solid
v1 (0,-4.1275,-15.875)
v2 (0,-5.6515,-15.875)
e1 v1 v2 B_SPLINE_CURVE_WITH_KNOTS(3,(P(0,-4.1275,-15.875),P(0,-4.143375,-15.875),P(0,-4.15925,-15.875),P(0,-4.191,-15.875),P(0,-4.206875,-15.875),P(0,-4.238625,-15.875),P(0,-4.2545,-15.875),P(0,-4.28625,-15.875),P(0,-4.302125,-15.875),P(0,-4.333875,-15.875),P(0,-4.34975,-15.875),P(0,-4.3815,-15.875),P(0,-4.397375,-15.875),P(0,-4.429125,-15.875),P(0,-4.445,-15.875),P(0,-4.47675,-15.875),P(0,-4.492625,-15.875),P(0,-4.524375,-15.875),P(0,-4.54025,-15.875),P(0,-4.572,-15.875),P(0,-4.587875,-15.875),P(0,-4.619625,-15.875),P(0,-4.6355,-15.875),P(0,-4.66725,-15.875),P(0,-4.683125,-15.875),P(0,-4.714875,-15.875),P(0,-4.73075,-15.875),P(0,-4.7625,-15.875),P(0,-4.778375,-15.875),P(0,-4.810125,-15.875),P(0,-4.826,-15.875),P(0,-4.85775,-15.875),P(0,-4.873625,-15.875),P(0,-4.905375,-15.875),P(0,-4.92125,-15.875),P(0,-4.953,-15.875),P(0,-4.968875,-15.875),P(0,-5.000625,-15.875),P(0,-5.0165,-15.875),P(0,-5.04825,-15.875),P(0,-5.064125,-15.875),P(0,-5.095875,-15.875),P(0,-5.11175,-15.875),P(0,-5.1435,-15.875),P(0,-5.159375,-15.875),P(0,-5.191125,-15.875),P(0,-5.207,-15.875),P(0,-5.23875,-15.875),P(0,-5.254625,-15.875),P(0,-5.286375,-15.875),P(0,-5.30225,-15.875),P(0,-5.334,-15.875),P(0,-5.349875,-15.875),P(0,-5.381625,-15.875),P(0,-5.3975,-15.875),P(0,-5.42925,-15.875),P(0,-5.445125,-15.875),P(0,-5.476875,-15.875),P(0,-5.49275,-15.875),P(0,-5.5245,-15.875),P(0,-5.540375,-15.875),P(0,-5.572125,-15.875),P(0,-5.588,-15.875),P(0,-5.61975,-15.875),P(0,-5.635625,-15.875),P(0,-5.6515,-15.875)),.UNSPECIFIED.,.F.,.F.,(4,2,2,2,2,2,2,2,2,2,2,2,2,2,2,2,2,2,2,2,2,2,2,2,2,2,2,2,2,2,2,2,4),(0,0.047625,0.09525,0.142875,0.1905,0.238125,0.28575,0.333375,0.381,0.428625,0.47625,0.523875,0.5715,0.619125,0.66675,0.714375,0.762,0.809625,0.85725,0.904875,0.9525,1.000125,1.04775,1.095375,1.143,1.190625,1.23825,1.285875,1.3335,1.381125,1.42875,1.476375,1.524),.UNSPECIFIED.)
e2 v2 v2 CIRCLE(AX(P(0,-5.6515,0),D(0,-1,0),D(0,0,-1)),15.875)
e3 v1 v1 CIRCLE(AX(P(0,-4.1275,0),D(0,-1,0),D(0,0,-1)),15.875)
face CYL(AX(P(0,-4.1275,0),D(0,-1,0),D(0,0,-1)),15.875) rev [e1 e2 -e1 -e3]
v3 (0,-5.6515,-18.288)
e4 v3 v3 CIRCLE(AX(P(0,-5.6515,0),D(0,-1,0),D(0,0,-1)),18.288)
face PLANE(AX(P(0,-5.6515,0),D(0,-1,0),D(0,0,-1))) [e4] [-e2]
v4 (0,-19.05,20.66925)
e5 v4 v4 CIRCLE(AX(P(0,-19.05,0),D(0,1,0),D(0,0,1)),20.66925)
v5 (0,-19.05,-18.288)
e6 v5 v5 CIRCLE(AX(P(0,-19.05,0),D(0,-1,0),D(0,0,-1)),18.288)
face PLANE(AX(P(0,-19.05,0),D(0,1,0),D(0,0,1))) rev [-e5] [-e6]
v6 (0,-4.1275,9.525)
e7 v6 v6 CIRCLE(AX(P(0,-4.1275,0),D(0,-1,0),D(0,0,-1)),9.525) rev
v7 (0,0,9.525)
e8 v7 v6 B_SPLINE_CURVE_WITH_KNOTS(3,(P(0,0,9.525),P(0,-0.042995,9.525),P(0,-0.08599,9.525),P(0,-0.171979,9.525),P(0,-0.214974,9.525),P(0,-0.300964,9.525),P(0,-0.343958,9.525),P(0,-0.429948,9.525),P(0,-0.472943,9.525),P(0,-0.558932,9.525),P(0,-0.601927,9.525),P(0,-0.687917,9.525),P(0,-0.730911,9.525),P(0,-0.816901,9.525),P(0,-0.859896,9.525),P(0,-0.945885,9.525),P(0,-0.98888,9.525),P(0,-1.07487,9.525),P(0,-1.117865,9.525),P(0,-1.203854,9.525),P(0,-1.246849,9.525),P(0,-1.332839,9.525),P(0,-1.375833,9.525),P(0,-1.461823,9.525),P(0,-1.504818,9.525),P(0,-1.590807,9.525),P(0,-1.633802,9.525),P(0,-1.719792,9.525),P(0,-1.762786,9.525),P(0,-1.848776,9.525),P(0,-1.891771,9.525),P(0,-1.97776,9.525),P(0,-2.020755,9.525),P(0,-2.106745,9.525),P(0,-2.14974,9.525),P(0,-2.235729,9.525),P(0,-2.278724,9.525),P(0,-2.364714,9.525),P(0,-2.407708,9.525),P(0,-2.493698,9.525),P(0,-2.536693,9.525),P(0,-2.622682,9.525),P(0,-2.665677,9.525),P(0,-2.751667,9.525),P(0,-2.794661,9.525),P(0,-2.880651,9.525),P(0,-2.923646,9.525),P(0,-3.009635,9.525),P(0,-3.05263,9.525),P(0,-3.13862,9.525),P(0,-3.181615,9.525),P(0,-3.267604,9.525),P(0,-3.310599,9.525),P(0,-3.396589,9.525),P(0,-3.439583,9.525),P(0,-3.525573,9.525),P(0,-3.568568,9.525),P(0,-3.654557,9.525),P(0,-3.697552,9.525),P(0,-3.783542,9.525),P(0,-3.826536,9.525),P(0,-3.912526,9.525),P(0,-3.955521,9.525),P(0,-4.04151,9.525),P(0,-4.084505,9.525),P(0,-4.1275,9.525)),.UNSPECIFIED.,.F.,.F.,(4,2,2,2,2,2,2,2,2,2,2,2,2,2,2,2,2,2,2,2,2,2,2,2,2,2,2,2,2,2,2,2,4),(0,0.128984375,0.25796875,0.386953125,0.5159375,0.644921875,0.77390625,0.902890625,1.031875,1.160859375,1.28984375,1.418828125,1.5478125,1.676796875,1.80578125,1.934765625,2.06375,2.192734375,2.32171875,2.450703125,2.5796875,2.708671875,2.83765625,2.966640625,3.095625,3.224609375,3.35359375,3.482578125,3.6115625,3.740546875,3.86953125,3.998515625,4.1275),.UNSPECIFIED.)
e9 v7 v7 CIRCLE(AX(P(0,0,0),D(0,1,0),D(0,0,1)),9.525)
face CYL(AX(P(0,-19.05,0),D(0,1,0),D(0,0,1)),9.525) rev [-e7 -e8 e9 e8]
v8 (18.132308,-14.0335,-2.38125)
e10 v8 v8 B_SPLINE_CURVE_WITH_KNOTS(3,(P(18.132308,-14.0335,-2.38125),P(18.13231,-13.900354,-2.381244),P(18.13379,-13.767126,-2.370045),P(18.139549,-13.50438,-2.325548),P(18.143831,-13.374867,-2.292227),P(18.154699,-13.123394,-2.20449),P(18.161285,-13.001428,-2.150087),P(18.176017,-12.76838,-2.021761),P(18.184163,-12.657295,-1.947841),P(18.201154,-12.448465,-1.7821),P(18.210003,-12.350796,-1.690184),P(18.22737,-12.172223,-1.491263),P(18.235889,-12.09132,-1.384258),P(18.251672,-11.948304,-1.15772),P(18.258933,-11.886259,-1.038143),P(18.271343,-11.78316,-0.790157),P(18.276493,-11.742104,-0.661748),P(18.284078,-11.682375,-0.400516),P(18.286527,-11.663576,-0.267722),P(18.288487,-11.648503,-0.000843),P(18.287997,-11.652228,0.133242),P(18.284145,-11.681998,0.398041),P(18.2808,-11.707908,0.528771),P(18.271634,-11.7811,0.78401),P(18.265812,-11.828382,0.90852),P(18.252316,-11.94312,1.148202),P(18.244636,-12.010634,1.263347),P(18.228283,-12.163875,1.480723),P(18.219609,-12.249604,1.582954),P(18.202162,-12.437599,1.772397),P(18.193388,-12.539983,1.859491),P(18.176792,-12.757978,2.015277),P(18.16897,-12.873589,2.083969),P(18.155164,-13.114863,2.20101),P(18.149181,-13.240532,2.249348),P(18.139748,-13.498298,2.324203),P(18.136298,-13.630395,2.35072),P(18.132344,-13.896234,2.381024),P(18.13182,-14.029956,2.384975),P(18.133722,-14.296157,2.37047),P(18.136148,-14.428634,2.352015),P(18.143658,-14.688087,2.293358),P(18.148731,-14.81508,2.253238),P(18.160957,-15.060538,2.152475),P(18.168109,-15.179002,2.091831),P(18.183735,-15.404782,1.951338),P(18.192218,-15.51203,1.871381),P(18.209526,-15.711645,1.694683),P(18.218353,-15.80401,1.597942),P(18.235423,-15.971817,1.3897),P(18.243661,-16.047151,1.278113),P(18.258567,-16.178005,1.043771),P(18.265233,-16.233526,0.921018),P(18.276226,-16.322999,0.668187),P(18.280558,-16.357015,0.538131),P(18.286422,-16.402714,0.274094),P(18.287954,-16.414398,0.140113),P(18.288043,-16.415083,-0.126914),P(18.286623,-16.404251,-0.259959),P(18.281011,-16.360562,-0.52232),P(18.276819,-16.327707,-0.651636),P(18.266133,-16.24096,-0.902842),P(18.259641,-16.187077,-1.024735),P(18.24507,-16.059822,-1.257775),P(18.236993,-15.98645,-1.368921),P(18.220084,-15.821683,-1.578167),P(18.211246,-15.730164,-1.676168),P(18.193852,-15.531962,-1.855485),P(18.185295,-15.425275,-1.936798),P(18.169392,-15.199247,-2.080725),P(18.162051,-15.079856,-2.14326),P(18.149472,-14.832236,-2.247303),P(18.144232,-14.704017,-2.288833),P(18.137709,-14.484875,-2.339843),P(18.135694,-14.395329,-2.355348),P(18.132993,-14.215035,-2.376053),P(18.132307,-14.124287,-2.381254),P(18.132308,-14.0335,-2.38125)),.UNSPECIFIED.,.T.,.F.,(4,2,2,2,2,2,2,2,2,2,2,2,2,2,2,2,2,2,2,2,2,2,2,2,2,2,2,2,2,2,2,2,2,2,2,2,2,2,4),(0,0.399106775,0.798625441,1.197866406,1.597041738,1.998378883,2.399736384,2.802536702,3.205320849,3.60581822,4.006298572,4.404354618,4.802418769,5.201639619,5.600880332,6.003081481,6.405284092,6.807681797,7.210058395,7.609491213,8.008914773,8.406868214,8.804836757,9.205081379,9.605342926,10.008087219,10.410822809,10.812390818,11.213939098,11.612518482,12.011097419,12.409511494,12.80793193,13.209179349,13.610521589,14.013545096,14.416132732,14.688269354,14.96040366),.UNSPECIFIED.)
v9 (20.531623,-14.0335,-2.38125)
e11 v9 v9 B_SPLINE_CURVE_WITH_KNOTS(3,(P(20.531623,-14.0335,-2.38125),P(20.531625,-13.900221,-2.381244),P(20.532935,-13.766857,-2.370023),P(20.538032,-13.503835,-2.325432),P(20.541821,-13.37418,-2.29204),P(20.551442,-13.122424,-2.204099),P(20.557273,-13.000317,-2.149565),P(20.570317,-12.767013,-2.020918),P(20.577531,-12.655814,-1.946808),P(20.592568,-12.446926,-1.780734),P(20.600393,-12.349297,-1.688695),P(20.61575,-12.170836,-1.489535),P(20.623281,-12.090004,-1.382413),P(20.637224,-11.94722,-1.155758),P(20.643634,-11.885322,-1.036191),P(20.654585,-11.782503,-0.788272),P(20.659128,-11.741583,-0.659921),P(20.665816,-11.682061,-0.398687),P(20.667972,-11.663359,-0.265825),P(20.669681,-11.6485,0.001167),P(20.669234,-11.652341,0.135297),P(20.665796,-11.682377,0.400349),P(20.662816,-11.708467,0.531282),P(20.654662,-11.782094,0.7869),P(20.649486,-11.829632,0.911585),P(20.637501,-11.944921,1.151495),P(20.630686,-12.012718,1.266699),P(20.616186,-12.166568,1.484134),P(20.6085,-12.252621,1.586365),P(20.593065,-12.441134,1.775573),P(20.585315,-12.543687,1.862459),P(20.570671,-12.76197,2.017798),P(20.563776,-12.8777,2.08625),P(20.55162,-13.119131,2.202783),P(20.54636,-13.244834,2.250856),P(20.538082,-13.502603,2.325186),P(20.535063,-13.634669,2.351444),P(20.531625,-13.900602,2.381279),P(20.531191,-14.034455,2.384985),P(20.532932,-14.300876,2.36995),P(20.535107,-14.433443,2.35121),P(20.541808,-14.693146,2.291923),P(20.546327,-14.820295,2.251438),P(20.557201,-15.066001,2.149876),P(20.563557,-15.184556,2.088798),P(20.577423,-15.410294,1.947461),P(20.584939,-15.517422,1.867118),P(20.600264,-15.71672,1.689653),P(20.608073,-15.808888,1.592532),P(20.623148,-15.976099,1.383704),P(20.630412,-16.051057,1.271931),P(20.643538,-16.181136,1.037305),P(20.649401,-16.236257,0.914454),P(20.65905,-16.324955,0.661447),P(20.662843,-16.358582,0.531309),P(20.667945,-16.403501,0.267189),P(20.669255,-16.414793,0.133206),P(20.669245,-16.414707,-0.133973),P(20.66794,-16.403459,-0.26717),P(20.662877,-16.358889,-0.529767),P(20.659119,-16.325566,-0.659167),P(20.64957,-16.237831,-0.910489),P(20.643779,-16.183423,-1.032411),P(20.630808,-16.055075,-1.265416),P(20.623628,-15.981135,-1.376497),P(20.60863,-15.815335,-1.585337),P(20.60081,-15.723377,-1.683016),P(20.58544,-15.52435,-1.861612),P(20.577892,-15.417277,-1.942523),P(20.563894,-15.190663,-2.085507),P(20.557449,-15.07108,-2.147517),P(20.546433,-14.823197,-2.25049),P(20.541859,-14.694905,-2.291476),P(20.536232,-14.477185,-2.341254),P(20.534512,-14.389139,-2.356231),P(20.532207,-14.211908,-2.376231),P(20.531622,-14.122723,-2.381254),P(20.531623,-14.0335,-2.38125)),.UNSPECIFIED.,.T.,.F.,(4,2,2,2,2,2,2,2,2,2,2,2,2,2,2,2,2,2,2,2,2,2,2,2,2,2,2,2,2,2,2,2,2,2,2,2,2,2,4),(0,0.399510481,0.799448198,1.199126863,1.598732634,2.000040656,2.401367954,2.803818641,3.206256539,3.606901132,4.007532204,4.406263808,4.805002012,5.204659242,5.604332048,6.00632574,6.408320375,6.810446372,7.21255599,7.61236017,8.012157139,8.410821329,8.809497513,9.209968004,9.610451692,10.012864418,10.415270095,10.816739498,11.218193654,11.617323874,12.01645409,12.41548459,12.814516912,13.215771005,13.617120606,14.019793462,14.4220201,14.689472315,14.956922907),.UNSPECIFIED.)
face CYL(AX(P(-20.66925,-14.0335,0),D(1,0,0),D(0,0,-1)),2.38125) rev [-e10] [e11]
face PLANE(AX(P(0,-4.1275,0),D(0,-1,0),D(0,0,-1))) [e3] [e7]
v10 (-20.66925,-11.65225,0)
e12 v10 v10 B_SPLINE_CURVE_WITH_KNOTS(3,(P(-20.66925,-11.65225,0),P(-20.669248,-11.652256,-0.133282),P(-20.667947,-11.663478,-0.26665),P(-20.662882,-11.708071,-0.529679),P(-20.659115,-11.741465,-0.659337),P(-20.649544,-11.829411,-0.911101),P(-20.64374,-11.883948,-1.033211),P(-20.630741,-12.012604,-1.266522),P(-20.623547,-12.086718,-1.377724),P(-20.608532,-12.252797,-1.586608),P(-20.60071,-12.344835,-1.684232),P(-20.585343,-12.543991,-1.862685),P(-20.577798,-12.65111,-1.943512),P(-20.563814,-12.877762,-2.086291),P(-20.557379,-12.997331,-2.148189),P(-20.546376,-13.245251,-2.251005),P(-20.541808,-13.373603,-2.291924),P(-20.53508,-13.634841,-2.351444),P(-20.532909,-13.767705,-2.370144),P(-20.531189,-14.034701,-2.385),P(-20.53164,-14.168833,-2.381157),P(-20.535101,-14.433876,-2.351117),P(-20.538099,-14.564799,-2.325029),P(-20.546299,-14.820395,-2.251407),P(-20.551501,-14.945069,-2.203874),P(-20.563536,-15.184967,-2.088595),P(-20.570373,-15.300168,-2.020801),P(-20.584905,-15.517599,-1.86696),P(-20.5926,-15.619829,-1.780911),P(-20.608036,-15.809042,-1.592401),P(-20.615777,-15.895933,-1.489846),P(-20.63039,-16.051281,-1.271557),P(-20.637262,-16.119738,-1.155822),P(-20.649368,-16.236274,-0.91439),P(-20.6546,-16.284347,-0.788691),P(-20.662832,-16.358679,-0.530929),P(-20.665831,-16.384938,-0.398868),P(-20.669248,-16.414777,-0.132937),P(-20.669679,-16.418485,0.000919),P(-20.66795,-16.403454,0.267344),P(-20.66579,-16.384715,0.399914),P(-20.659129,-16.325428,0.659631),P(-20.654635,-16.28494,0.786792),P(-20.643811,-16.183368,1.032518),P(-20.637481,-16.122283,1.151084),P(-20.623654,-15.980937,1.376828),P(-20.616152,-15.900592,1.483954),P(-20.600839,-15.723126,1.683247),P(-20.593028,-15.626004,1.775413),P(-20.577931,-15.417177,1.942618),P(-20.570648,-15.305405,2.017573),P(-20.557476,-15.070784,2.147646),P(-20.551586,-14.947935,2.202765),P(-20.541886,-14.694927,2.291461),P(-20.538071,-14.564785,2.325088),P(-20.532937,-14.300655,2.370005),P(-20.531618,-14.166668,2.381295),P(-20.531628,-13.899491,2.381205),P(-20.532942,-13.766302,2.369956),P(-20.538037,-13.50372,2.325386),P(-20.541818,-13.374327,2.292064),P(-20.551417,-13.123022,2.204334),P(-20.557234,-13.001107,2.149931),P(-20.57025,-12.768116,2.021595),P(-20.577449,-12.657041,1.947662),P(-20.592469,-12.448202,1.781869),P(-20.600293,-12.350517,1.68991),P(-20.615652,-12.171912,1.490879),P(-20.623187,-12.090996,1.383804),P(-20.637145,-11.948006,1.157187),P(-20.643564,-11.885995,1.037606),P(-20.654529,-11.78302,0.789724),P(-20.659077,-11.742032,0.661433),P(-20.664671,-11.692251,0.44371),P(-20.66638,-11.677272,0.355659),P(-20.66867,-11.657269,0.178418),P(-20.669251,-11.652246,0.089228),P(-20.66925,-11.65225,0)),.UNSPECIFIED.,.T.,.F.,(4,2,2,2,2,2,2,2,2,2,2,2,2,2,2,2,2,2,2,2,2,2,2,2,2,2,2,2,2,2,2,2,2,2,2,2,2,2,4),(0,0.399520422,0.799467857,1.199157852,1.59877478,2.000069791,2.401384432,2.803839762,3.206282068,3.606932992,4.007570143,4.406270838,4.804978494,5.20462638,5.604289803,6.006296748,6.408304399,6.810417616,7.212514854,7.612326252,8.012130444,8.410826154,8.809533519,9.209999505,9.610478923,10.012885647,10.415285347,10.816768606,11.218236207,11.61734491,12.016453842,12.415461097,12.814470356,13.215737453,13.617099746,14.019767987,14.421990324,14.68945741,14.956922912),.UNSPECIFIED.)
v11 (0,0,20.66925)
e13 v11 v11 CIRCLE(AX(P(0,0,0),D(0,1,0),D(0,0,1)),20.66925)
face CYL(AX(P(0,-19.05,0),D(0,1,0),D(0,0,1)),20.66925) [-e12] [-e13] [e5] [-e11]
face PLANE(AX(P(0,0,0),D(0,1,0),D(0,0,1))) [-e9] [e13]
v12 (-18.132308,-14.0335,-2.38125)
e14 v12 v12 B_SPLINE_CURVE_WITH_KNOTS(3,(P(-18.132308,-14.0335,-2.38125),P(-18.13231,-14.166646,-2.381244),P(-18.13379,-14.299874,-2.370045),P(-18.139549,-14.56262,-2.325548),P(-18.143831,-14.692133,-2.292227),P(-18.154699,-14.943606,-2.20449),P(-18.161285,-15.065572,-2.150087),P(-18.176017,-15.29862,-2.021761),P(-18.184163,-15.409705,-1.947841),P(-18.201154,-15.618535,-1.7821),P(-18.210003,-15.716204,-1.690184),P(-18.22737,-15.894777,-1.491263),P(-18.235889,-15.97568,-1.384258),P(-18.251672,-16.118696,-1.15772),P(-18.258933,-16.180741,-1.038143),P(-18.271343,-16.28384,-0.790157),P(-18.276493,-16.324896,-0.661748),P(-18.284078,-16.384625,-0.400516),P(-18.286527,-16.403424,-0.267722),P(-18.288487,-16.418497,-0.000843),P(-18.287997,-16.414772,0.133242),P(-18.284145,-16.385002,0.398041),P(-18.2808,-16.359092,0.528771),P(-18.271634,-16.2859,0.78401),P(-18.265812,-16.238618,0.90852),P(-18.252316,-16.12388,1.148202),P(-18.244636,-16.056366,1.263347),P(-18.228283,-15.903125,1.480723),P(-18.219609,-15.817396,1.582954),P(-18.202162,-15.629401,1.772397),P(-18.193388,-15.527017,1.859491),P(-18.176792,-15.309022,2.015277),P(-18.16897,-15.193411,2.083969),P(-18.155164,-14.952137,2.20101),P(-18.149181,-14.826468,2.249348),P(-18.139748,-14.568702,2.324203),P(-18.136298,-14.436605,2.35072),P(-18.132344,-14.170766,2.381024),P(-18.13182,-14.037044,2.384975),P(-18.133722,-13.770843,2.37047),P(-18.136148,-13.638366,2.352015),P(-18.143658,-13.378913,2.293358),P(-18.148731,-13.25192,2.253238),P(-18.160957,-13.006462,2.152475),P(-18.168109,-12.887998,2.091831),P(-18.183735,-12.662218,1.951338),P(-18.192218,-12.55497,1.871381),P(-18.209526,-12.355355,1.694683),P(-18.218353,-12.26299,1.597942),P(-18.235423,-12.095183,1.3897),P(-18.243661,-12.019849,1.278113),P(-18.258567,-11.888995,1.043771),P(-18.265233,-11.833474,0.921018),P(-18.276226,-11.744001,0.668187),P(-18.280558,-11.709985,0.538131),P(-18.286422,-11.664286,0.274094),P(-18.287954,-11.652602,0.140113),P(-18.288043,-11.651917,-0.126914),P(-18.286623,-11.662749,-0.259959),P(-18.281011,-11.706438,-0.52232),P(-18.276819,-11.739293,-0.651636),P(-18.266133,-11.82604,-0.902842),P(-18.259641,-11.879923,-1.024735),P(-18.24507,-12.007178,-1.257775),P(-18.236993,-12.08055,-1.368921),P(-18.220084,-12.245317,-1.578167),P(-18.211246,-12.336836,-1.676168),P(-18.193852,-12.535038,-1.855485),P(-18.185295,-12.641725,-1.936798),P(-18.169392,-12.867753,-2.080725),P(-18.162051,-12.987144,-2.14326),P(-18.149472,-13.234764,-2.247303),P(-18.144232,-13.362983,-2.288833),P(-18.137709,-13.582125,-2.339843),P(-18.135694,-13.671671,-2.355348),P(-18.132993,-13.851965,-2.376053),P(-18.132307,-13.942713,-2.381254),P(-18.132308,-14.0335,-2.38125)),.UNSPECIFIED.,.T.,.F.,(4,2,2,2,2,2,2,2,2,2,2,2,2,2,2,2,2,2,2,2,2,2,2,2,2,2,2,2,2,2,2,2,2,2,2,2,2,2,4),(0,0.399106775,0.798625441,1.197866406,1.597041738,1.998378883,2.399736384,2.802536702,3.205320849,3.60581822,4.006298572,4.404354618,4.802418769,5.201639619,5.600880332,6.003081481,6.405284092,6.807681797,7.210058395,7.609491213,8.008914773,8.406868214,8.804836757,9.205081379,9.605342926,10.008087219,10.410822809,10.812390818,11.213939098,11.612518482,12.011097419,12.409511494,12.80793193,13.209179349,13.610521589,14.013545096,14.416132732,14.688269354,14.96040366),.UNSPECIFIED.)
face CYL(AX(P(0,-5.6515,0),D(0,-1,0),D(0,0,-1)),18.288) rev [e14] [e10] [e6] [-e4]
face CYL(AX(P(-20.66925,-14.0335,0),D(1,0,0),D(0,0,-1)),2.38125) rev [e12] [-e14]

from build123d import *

# Parameters (mm, degrees)
SKETCH1_R               = 20.66925
BOSS_EXTRUDE1_DEPTH     = 19.05
SKETCH2_R               = 18.288
CUT_EXTRUDE1_DEPTH      = 13.3985
SKETCH3_R               = 9.525
CUT_EXTRUDE2_DEPTH      = 35.890375337
SKETCH4_R               = 15.875
CUT_EXTRUDE3_DEPTH      = 1.524
CUT_EXTRUDE4_DEPTH      = 35.890375337
CUT_EXTRUDE4_DEPTH_BACK = 35.890375337
SKETCH5_R               = 2.38125


with BuildPart() as part:
    # Sketch1 → Boss-Extrude1 (new body)
    with BuildSketch(Plane(origin=(0, 0, 0), x_dir=(1, 0, 0), z_dir=(0, 1, 0))):
        with Locations(Location((0, 0, 0), (0, 0, 270))):
            Circle(SKETCH1_R)
    extrude(amount=-BOSS_EXTRUDE1_DEPTH)

    # Sketch2 → Cut-Extrude1 (cut)
    with BuildSketch(Plane.XZ.offset(19.05)):
        with Locations(Location((0, 0, 0), (0, 0, 270))):
            Circle(SKETCH2_R)
    extrude(amount=-CUT_EXTRUDE1_DEPTH, mode=Mode.SUBTRACT)

    # Sketch3 → Cut-Extrude2 (cut, through all)
    with BuildSketch(Plane(origin=(0, 0, 0), x_dir=(1, 0, 0), z_dir=(0, 1, 0))):
        with Locations(Location((0, 0, 0), (0, 0, 270))):
            Circle(SKETCH3_R)
    extrude(amount=-CUT_EXTRUDE2_DEPTH, mode=Mode.SUBTRACT)

    # Sketch4 → Cut-Extrude3 (cut)
    with BuildSketch(Plane.XZ.offset(5.6515)):
        with Locations(Location((0, 0, 0), (0, 0, 270))):
            Circle(SKETCH4_R)
    extrude(amount=-CUT_EXTRUDE3_DEPTH, mode=Mode.SUBTRACT)

    # Sketch5 → Cut-Extrude4 (cut, two sides: drawn at the far end of the back side and taken through both)
    with BuildSketch(Plane(origin=(0, 0, 0), x_dir=(0, 0, -1), z_dir=(1, 0, 0)).offset(-CUT_EXTRUDE4_DEPTH_BACK)):
        with Locations((0, -14.0335)):
            Circle(SKETCH5_R)
    extrude(amount=CUT_EXTRUDE4_DEPTH + CUT_EXTRUDE4_DEPTH_BACK, mode=Mode.SUBTRACT)


solid = part.part
